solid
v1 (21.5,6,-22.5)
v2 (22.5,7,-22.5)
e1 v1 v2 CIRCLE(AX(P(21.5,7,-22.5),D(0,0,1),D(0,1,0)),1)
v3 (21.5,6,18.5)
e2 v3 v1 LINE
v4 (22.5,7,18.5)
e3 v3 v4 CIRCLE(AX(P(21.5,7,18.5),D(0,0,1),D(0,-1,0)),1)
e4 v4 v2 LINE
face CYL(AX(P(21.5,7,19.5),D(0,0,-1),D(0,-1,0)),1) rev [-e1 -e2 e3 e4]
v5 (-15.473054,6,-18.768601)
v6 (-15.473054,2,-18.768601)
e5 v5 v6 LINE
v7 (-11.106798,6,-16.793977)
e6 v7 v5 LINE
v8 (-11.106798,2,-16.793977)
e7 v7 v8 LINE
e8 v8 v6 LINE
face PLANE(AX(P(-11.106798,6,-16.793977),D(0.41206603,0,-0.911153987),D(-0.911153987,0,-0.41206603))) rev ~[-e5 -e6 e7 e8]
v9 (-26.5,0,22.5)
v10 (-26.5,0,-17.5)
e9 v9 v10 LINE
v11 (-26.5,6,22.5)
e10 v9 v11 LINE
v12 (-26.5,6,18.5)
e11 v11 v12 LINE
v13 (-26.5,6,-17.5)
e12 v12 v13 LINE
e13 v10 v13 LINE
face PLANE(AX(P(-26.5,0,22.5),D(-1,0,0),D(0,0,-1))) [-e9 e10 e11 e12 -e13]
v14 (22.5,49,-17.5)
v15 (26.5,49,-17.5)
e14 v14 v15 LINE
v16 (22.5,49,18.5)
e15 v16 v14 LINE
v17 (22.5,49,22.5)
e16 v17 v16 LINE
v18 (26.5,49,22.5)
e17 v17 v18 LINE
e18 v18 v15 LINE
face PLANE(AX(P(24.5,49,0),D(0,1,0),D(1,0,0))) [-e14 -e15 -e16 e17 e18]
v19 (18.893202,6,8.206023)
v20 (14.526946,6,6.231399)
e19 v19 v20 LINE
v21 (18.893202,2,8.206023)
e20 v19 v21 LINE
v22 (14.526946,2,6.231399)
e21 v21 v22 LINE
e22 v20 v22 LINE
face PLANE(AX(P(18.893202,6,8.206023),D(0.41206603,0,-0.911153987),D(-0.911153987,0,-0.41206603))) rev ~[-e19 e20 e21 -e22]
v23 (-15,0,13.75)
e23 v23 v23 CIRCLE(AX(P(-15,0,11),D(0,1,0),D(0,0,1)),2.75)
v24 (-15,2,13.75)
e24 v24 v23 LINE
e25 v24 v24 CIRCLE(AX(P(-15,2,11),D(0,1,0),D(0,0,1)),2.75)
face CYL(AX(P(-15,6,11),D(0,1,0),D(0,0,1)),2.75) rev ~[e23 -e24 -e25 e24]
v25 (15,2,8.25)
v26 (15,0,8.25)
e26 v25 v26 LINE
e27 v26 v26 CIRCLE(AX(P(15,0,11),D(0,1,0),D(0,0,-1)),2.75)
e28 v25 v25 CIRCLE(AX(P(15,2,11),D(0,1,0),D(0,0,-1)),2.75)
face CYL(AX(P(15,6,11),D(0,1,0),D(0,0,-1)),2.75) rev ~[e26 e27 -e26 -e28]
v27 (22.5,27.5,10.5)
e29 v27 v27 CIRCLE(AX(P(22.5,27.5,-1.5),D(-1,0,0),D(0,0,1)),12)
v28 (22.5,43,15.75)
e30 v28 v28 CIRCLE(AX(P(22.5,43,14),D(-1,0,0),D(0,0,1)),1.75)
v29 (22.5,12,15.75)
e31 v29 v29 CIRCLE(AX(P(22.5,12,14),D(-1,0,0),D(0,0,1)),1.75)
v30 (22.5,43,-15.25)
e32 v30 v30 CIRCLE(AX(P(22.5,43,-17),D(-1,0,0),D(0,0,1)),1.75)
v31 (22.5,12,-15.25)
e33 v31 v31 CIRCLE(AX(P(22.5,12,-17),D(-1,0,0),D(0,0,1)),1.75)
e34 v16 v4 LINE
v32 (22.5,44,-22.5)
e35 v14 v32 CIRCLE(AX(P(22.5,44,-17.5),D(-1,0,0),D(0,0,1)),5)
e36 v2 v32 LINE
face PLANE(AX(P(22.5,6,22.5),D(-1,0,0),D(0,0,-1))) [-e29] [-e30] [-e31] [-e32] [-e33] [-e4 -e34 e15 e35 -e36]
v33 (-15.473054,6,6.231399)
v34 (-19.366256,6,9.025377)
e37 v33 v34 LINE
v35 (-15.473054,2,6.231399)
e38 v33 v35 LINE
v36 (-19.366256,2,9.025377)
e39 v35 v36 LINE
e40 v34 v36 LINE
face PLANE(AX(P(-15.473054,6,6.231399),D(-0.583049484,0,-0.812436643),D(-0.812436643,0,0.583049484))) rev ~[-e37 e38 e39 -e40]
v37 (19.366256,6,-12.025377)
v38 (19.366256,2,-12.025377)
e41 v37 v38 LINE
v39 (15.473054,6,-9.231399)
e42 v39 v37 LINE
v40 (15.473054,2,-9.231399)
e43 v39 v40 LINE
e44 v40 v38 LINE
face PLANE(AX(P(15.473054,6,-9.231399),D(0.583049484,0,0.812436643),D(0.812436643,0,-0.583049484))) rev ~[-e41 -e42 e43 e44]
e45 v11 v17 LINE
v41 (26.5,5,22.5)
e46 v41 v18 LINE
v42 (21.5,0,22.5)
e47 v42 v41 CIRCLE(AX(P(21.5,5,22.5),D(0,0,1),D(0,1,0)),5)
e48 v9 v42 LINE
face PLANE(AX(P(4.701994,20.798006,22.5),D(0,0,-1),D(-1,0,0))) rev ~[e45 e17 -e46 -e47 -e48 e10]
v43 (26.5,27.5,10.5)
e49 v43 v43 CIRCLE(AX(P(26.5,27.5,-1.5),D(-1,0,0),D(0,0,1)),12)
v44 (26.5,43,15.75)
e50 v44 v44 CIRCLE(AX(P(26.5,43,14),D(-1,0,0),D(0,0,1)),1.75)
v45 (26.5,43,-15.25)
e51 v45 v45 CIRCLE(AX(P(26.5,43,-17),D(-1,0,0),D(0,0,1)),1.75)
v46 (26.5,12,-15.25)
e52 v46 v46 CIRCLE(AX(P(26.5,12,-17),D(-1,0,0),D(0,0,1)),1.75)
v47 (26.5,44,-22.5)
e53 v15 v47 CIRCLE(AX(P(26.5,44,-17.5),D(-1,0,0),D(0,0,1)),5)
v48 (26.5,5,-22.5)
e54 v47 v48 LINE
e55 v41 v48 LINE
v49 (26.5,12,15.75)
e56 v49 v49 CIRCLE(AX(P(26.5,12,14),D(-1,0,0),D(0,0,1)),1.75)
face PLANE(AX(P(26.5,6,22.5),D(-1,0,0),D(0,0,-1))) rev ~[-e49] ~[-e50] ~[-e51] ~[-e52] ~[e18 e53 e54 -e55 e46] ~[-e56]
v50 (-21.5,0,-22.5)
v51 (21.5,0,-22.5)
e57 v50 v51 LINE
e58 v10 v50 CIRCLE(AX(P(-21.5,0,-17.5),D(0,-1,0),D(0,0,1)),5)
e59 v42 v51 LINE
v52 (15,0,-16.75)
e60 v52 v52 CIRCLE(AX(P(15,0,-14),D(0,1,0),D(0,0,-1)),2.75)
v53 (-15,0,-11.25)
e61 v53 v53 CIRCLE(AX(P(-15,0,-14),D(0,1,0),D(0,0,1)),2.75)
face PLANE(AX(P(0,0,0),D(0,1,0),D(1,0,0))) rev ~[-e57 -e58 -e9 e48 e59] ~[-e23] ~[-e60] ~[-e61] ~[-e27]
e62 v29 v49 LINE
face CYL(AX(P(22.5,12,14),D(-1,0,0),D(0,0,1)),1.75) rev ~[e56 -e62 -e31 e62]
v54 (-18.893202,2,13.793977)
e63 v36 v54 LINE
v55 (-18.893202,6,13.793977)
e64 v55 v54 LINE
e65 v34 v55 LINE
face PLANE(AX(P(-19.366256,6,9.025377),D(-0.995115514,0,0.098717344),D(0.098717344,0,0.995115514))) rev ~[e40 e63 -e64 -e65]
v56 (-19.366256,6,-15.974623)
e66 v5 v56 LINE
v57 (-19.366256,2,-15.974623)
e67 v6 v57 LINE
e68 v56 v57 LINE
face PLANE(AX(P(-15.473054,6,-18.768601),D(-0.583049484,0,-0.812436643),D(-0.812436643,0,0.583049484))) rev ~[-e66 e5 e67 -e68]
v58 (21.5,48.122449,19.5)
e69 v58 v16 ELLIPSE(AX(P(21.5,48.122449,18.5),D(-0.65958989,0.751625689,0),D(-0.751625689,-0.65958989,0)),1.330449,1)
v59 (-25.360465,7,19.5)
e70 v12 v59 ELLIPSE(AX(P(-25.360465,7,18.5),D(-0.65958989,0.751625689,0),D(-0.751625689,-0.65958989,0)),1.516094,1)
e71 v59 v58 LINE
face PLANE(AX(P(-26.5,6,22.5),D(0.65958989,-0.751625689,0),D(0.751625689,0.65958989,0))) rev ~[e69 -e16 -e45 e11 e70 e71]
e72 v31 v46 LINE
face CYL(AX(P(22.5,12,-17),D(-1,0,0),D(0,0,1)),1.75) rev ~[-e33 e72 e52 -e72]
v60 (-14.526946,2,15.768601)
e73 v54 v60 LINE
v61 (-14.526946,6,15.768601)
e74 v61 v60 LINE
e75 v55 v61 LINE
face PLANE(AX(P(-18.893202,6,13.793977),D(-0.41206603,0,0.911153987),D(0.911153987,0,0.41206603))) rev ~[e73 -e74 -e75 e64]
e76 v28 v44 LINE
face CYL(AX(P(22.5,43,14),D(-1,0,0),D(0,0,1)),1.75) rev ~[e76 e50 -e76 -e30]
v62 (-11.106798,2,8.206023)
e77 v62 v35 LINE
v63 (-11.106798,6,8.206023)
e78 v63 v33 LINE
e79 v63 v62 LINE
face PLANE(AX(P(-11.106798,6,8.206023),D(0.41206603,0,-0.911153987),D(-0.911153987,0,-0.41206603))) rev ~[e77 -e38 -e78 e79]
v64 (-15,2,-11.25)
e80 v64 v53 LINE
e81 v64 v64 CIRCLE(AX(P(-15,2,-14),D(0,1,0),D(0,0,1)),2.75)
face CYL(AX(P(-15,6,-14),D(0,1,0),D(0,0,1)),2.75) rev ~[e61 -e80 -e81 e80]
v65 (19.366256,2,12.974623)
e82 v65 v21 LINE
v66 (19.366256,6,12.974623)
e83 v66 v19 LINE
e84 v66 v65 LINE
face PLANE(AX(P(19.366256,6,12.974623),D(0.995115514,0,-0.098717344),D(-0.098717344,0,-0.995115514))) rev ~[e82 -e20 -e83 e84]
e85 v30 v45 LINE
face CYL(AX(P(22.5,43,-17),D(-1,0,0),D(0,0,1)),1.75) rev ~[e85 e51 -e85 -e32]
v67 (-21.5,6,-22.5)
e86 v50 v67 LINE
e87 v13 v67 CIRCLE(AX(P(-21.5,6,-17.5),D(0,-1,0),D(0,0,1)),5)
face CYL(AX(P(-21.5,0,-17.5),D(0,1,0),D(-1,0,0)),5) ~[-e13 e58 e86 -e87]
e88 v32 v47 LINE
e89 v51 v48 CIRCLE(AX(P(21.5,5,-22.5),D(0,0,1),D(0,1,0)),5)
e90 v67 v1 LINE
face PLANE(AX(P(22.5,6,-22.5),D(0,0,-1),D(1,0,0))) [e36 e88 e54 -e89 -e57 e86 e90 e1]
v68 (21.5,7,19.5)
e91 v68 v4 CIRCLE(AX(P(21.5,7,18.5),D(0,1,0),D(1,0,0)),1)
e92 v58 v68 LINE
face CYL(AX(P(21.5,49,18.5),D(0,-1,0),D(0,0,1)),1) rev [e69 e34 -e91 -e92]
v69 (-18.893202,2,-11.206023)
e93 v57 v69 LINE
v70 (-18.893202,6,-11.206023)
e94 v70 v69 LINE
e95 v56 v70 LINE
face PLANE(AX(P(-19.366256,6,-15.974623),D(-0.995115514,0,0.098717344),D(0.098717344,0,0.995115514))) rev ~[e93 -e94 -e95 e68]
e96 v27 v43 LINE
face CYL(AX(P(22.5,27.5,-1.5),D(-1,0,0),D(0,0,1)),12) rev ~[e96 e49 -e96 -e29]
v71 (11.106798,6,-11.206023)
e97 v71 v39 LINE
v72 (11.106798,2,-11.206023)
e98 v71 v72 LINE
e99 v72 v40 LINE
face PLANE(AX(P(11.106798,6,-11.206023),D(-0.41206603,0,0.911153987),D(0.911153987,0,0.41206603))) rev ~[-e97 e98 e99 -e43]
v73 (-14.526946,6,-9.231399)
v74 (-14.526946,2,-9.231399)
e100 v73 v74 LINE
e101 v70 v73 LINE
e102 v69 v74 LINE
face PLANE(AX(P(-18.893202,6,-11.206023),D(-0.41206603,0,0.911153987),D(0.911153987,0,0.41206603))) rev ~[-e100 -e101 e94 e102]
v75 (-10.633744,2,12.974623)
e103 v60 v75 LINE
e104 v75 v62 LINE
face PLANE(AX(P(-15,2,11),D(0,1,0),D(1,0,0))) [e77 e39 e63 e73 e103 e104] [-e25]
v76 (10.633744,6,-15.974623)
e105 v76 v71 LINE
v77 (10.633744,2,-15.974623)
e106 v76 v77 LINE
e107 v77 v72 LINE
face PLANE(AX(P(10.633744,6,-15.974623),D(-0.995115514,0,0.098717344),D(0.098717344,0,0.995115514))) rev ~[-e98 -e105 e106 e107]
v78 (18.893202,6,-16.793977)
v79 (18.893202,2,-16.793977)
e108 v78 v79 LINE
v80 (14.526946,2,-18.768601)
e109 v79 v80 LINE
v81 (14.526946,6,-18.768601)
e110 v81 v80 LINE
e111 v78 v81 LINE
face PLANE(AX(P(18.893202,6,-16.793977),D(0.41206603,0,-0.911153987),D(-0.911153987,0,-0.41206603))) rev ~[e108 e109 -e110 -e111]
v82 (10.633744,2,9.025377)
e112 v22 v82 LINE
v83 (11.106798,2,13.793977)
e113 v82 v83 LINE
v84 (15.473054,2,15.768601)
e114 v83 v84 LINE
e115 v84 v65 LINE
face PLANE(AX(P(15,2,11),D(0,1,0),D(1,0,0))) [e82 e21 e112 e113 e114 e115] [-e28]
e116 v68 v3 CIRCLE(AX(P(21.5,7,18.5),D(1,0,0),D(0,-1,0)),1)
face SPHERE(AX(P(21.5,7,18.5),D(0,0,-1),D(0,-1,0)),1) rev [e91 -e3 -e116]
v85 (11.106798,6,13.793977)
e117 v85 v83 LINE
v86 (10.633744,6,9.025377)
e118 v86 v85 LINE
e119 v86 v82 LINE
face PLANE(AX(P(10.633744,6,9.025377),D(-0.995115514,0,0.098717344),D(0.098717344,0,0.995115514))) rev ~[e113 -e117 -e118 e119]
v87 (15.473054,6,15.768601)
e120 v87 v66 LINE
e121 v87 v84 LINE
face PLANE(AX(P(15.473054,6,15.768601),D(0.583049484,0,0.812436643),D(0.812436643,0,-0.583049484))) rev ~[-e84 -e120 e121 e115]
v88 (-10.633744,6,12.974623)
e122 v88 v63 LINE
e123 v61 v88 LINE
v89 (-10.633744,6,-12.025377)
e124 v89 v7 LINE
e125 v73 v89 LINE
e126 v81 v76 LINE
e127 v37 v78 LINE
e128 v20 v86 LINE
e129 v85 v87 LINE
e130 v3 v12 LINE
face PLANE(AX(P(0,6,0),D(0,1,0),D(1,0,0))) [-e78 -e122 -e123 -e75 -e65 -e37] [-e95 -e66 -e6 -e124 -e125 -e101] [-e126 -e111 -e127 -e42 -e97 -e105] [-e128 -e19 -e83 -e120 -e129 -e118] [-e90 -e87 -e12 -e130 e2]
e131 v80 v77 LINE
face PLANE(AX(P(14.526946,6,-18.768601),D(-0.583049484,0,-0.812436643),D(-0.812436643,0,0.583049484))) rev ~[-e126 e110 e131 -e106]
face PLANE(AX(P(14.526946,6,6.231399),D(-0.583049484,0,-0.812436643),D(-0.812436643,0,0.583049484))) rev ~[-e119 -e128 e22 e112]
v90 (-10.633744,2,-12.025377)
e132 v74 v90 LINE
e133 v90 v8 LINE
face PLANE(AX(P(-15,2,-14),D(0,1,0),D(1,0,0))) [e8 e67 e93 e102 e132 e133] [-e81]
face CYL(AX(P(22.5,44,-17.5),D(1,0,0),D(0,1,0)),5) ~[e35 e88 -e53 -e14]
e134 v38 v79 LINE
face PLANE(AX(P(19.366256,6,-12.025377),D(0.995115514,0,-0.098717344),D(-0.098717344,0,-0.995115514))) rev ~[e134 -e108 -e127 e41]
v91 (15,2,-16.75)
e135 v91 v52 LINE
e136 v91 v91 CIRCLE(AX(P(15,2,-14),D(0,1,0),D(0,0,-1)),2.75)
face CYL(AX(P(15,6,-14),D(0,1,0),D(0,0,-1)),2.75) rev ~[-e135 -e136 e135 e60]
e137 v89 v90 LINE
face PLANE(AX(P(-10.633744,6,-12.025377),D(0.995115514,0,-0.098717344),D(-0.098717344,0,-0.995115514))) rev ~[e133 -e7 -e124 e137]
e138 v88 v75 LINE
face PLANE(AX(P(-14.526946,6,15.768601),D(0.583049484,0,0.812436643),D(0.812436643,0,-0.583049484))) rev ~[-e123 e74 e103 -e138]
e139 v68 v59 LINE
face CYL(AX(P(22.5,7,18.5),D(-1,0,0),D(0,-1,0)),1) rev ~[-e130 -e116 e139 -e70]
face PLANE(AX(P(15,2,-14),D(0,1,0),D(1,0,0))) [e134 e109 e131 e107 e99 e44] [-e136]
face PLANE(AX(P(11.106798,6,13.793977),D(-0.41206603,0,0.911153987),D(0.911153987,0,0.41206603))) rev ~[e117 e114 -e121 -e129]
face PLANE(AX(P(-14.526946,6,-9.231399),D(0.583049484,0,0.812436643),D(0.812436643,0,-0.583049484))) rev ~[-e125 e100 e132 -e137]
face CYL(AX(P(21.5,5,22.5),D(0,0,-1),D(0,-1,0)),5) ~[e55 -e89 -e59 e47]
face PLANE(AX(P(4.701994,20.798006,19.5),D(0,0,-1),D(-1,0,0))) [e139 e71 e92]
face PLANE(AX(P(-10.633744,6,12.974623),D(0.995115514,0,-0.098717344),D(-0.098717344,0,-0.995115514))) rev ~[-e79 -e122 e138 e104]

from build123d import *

# Parameters (mm, degrees)
ESBO_O1_W                = 53
ESBO_O1_H                = 45
RESSALTO_EXTRUS_O1_DEPTH = 6
ESBO_O2_W                = 4
ESBO_O2_H                = 45
RESSALTO_EXTRUS_O2_DEPTH = 43
RESSALTO_EXTRUS_O3_DEPTH = 3
ESBO_O4_R                = 12
ESBO_O4_R_2              = 1.75
CORTE_EXTRUS_O1_DEPTH    = 73.857738093
ESBO_O5_R                = 2.75
CORTE_EXTRUS_O2_DEPTH    = 56.294665204
FILETE1_R                = 5
FILETE2_R                = 1
CORTE_EXTRUS_O4_DEPTH    = 4
FILETE3_R                = 5


with BuildPart() as part:
    # Esboço1 → Ressalto-extrusão1 (new body)
    with BuildSketch(Plane(origin=(0, 0, 0), x_dir=(1, 0, 0), z_dir=(0, 1, 0))):
        Rectangle(ESBO_O1_W, ESBO_O1_H)
    extrude(amount=RESSALTO_EXTRUS_O1_DEPTH)

    # Esboço2 → Ressalto-extrusão2 (add)
    with BuildSketch(Plane(origin=(0, 6, 0), x_dir=(1, 0, 0), z_dir=(0, 1, 0))):
        with Locations((24.5, 0)):
            Rectangle(ESBO_O2_W, ESBO_O2_H)
    extrude(amount=RESSALTO_EXTRUS_O2_DEPTH)

    # Esboço3 → Ressalto-extrusão3 (add)
    with BuildSketch(Plane.XY.offset(22.5)):
        Polygon((-26.5, 6), (22.5, 49), (22.5, 6), align=None)
    extrude(amount=-RESSALTO_EXTRUS_O3_DEPTH)

    # Esboço4 → Corte-extrusão1 (cut, through all)
    with BuildSketch(Plane.ZY.offset(-22.5)):
        with Locations((-1.5, 27.5)):
            Circle(ESBO_O4_R)
        with Locations((-17, 43)):
            Circle(ESBO_O4_R_2)
        with Locations((14, 43)):
            Circle(ESBO_O4_R_2)
        with Locations((14, 12)):
            Circle(ESBO_O4_R_2)
        with Locations((-17, 12)):
            Circle(ESBO_O4_R_2)
    extrude(amount=-CORTE_EXTRUS_O1_DEPTH, mode=Mode.SUBTRACT)

    # Esboço5 → Corte-extrusão2 (cut, through all)
    with BuildSketch(Plane(origin=(0, 6, 0), x_dir=(1, 0, 0), z_dir=(0, 1, 0))):
        with Locations(Location((-15, 14, 0), (0, 0, 270))):
            Circle(ESBO_O5_R)
        with Locations(Location((-15, -11, 0), (0, 0, 270))):
            Circle(ESBO_O5_R)
        with Locations(Location((15, -11, 0), (0, 0, 90))):
            Circle(ESBO_O5_R)
        with Locations(Location((15, 14, 0), (0, 0, 90))):
            Circle(ESBO_O5_R)
    extrude(amount=-CORTE_EXTRUS_O2_DEPTH, mode=Mode.SUBTRACT)

    # Filete1
    filete1_edges = [part.edges().sort_by_distance(p)[0] for p in [
        (24.5, 49, -22.5),
        (-26.5, 3, -22.5),
    ]]
    fillet(filete1_edges, radius=FILETE1_R)

    # Filete2
    filete2_edges = [part.edges().sort_by_distance(p)[0] for p in [
        (22.5, 6, -1.5),
        (-2, 6, 19.5),
        (22.5, 27.5, 19.5),
    ]]
    fillet(filete2_edges, radius=FILETE2_R)

    # Esboço7 → Corte-extrusão4 (cut)
    with BuildSketch(Plane(origin=(0, 6, 0), x_dir=(1, 0, 0), z_dir=(0, 1, 0))):
        Polygon((15.473054225, 9.231399258), (19.366256495, 12.025376605), (18.89320227, 16.793977347), (14.526945775, 18.768600742), (10.633743505, 15.974623395), (11.10679773, 11.206022653), align=None)
        Polygon((-14.526945775, 9.231399258), (-10.633743505, 12.025376605), (-11.10679773, 16.793977347), (-15.473054225, 18.768600742), (-19.366256495, 15.974623395), (-18.89320227, 11.206022653), align=None)
        Polygon((15.473054225, -15.768600742), (19.366256495, -12.974623395), (18.89320227, -8.206022653), (14.526945775, -6.231399258), (10.633743505, -9.025376605), (11.10679773, -13.793977347), align=None)
        Polygon((-14.526945775, -15.768600742), (-10.633743505, -12.974623395), (-11.10679773, -8.206022653), (-15.473054225, -6.231399258), (-19.366256495, -9.025376605), (-18.89320227, -13.793977347), align=None)
    extrude(amount=-CORTE_EXTRUS_O4_DEPTH, mode=Mode.SUBTRACT)

    # Filete3
    filete3_edges = [part.edges().sort_by_distance(p)[0] for p in [
        (26.5, 0, 0),
    ]]
    fillet(filete3_edges, radius=FILETE3_R)


solid = part.part
